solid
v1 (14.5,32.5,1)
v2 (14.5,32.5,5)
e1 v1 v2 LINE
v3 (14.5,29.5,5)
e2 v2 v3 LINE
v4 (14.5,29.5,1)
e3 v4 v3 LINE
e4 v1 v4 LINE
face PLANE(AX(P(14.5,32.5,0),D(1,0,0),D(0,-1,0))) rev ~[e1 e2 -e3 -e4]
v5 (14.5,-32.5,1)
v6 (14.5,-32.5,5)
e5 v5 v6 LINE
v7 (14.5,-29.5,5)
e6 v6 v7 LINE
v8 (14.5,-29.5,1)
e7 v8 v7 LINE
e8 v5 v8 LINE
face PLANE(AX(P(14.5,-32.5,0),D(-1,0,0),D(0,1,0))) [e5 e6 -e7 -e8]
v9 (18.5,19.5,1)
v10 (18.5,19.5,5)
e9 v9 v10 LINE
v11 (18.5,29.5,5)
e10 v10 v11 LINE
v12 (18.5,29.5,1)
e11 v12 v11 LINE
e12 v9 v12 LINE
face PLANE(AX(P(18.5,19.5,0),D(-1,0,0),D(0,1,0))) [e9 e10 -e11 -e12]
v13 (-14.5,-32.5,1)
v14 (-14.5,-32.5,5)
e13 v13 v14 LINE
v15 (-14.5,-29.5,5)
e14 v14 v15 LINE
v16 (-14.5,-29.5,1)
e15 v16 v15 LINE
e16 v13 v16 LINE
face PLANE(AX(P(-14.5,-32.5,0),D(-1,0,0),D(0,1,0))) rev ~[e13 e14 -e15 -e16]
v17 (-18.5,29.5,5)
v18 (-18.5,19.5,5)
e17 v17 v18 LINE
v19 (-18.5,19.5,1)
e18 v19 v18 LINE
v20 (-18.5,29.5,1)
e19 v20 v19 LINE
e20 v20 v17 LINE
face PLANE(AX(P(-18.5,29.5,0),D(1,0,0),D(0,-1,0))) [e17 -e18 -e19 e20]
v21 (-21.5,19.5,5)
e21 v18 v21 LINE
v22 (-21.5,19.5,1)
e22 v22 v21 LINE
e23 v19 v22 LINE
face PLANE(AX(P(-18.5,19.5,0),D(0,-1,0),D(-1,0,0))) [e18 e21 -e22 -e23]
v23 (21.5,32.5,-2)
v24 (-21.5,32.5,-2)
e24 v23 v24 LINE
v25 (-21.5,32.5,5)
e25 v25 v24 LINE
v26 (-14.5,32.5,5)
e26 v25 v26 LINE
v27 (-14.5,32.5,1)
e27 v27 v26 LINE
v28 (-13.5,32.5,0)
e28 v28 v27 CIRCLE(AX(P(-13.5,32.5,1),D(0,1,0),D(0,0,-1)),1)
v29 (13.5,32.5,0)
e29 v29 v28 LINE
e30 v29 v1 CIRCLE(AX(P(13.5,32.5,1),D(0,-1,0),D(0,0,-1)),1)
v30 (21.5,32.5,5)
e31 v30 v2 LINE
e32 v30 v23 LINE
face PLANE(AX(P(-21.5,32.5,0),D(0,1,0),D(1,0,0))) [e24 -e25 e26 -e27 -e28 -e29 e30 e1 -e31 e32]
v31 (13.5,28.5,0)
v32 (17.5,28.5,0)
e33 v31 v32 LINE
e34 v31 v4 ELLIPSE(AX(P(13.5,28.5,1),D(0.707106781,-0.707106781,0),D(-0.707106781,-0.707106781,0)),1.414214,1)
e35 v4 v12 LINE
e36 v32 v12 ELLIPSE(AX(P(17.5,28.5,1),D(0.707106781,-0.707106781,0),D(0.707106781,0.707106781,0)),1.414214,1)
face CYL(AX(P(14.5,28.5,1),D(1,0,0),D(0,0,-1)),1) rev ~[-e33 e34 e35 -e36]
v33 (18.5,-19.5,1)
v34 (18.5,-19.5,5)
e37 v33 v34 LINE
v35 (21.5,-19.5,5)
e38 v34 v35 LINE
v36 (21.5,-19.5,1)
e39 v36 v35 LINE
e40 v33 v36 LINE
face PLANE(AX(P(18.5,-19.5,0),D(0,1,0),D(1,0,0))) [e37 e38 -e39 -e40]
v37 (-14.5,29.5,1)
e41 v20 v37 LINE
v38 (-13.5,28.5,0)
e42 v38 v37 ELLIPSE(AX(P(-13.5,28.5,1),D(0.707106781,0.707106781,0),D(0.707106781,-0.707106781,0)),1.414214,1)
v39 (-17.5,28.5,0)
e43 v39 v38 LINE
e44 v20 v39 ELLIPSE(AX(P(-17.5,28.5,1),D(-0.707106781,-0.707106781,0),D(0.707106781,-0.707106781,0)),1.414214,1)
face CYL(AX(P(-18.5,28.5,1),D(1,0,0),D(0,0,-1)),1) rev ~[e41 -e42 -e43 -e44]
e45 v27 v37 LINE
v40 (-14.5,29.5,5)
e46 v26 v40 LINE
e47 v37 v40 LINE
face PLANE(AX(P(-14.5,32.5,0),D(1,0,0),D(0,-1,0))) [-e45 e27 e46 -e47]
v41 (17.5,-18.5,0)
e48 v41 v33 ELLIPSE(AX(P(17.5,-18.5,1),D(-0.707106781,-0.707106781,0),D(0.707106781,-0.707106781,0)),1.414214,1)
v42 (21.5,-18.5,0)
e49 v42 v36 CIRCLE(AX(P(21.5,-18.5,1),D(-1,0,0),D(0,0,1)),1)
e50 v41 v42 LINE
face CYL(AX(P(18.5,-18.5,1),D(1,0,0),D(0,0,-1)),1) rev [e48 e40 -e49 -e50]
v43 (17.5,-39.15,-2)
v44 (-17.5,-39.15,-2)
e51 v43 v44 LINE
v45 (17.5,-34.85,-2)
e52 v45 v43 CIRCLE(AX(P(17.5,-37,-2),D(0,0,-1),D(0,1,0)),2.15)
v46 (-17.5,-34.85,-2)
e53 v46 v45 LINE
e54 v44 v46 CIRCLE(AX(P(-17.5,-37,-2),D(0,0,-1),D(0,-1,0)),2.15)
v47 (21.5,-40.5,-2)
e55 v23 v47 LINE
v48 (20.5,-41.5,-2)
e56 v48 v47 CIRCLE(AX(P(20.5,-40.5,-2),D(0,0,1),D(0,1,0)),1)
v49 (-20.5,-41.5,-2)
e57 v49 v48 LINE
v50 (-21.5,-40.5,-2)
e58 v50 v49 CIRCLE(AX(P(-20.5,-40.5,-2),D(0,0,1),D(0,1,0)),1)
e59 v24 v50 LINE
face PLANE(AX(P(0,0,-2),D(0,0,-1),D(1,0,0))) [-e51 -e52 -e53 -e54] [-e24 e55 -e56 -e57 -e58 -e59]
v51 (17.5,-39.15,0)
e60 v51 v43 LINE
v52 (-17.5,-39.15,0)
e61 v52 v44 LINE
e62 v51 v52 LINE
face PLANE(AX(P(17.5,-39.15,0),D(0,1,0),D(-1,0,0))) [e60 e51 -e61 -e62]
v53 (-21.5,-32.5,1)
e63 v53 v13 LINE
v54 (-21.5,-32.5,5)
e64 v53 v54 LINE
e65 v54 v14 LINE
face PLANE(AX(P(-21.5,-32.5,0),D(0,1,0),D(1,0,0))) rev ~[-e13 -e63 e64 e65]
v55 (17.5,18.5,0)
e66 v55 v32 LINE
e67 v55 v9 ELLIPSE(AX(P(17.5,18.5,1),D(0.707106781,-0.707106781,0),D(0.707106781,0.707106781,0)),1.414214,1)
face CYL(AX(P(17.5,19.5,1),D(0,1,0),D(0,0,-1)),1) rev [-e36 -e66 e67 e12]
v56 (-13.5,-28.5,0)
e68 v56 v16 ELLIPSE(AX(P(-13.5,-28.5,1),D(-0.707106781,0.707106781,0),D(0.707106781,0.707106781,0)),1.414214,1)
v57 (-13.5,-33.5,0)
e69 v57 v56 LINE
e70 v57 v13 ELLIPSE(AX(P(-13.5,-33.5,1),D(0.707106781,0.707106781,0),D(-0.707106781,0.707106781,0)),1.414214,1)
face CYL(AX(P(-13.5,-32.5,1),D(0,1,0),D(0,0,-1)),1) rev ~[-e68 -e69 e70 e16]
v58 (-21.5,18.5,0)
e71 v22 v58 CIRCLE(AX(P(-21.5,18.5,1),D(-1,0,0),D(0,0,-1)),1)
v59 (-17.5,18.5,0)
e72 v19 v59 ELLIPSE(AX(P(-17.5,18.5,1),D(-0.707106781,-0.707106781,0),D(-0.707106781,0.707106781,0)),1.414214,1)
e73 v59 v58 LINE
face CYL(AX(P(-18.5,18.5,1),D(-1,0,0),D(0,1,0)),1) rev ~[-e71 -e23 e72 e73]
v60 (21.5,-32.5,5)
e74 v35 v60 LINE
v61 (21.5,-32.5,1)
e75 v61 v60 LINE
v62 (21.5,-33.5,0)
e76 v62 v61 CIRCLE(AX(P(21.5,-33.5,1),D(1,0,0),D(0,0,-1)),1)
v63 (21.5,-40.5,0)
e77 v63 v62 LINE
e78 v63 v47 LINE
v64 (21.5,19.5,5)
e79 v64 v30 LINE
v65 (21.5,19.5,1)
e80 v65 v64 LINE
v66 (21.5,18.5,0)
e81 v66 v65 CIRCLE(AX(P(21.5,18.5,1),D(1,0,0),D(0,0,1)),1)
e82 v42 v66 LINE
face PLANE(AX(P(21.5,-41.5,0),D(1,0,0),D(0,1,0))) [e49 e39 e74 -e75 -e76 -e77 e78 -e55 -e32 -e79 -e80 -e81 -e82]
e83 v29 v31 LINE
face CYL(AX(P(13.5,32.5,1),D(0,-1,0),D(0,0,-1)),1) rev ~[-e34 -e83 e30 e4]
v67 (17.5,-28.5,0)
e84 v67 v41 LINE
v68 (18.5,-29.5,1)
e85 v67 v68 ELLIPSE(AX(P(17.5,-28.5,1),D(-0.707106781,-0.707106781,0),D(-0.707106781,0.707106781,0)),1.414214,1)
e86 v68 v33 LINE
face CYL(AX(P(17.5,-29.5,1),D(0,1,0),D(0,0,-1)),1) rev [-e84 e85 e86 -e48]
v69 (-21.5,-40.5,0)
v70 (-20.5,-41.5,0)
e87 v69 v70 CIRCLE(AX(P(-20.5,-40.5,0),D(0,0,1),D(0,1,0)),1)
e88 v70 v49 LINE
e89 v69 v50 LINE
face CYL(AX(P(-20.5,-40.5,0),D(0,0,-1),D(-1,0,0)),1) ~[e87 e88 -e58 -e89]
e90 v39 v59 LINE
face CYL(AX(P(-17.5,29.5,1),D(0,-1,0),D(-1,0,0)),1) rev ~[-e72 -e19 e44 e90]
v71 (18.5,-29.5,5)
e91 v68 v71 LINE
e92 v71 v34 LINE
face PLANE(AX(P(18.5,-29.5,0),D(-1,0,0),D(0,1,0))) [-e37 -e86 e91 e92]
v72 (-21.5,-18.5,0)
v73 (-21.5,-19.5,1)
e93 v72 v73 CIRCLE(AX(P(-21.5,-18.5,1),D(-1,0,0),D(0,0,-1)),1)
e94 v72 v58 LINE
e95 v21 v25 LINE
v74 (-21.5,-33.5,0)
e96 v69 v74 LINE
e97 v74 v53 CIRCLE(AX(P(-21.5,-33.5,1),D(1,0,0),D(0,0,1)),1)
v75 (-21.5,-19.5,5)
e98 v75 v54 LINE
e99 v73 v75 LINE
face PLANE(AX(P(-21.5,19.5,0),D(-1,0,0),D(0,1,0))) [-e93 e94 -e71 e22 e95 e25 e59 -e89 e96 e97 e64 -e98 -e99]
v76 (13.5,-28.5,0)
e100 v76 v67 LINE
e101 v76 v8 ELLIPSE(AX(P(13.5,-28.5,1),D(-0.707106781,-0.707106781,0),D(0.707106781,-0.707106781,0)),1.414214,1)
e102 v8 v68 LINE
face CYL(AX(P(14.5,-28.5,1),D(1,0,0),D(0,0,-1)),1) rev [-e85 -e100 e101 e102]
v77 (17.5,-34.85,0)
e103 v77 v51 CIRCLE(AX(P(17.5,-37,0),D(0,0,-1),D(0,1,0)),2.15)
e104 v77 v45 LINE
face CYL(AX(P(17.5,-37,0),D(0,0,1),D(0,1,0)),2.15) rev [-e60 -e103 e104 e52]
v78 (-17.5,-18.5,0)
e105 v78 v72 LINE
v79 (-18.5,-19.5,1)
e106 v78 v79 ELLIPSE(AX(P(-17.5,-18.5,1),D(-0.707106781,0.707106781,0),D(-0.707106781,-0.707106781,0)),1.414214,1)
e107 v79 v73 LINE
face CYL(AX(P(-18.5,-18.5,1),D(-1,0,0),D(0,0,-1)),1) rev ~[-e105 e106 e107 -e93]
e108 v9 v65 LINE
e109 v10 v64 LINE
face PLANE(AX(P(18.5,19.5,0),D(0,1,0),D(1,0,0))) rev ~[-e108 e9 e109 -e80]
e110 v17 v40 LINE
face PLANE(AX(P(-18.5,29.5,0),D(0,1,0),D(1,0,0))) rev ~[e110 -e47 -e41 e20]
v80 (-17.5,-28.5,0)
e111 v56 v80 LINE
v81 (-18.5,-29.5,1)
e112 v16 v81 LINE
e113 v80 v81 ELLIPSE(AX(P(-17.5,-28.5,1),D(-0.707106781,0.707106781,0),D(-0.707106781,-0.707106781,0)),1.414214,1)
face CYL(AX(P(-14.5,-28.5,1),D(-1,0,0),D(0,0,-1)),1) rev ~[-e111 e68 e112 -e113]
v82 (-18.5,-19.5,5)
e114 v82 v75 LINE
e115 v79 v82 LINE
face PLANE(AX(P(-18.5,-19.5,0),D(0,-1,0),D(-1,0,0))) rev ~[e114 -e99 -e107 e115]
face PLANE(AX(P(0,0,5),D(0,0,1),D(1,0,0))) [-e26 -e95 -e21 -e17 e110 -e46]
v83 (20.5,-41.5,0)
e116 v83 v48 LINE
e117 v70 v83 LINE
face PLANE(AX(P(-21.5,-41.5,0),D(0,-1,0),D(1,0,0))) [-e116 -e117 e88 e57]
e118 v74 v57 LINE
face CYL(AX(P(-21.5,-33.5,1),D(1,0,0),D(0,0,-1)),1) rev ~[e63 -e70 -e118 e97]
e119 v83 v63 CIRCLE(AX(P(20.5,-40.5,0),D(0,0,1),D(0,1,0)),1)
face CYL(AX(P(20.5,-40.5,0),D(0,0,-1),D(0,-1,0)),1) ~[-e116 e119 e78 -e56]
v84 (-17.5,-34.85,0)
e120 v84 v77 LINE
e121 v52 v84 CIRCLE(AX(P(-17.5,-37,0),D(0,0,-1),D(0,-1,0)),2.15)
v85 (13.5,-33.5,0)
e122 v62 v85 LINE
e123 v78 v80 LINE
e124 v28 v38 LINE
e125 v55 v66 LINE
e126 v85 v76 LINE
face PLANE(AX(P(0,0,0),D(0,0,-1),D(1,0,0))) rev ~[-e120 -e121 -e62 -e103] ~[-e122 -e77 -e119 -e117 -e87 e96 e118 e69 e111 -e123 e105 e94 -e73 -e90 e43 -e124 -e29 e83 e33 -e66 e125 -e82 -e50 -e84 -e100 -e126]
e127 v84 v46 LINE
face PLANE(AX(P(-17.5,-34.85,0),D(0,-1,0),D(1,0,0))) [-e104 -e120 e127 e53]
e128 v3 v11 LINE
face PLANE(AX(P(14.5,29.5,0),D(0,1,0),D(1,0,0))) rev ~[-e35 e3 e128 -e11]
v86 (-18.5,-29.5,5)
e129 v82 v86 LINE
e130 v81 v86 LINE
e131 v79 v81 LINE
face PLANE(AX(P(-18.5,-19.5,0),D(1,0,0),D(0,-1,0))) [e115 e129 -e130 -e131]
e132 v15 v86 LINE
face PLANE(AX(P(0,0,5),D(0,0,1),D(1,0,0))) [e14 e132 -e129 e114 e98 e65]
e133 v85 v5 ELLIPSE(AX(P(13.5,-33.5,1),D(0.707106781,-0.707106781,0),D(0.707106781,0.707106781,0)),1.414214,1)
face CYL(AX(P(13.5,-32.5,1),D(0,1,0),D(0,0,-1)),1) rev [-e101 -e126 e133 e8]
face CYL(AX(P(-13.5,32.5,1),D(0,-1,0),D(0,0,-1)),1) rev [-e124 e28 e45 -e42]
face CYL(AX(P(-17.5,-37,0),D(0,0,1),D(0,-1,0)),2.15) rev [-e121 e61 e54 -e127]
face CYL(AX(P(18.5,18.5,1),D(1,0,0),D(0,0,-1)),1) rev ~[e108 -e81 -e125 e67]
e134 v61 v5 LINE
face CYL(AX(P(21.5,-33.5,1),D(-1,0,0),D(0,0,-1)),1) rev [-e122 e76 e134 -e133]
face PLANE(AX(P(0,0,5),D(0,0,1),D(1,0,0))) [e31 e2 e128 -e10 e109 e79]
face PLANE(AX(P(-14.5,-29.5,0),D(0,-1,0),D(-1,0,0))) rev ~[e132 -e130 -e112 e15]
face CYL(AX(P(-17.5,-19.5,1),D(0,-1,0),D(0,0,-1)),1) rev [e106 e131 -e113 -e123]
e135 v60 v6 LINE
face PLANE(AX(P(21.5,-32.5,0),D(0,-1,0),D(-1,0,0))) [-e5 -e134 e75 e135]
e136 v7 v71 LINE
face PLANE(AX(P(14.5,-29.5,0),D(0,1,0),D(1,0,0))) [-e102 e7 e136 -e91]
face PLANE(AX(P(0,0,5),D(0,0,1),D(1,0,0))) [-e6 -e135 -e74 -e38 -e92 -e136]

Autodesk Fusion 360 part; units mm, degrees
sketch "Sketch1" plane through (0, 0, 0) normal (0, 0, 1) x (1, 0, 0)
  line L0 (18.5, 29.5) -> (-18.5, 29.5) construction
  line L1 (-18.5, 29.5) -> (-18.5, -29.5) construction
  line L2 (-18.5, -29.5) -> (18.5, -29.5) construction
  line L3 (18.5, -29.5) -> (18.5, 29.5) construction
  line L4 (18.5, 29.5) -> (-18.5, -29.5) construction
  line L5 (-18.5, 29.5) -> (18.5, -29.5) construction
  line L6 (-18.5, 19.5) -> (-21.5, 19.5)
  line L7 (-21.5, 19.5) -> (-21.5, 32.5)
  line L8 (-21.5, 32.5) -> (-14.5, 32.5)
  line L9 (-14.5, 32.5) -> (-14.5, 29.5)
  line L10 (0, 29.5) -> (0, -29.5) construction
  line L11 (21.5, 32.5) -> (14.5, 32.5)
  line L12 (21.5, 19.5) -> (21.5, 32.5)
  line L13 (18.5, 19.5) -> (21.5, 19.5)
  line L14 (14.5, 32.5) -> (14.5, 29.5)
  line L15 (-18.5, 0) -> (18.5, 0) construction
  line L16 (-18.5, -19.5) -> (-21.5, -19.5)
  line L17 (-21.5, -19.5) -> (-21.5, -32.5)
  line L18 (-21.5, -32.5) -> (-14.5, -32.5)
  line L19 (-14.5, -32.5) -> (-14.5, -29.5)
  line L20 (21.5, -32.5) -> (14.5, -32.5)
  line L21 (14.5, -32.5) -> (14.5, -29.5)
  line L22 (21.5, -19.5) -> (21.5, -32.5)
  line L23 (18.5, -19.5) -> (21.5, -19.5)
  line L24 (14.5, 29.5) -> (18.5, 29.5)
  line L25 (18.5, 19.5) -> (18.5, 29.5)
  line L26 (-18.5, 29.5) -> (-18.5, 19.5)
  line L27 (-18.5, 29.5) -> (-14.5, 29.5)
  line L28 (-18.5, -19.5) -> (-18.5, -29.5)
  line L29 (-14.5, -29.5) -> (-18.5, -29.5)
  line L30 (14.5, -29.5) -> (18.5, -29.5)
  line L31 (18.5, -29.5) -> (18.5, -19.5)
  dimension "d1" = 59
  dimension "d2" = 37
  dimension "d3" = 13
  dimension "d4" = 3
  dimension "d5" = 4
  dimension "d6" = 3
extrude "Extrude1" add sketch "Sketch1" along normal blind 5 makes body 1 at (-21.5, 23.8333, 1.6667) makes body 2 at (-21.5, -23.8333, 1.6667) makes body 3 at (21.5, 23.8333, 1.6667) makes body 4 at (21.5, -23.8333, 1.6667)
sketch "Sketch2" plane through (0, 0, 0) normal (0, 0, -1) x (1, 0, 0)
  line L0 (-21.5, 19.5) -> (-18.5, 19.5)
  line L1 (-18.5, 19.5) -> (-18.5, 29.5)
  line L2 (-18.5, 29.5) -> (-14.5, 29.5)
  line L3 (-14.5, 29.5) -> (-14.5, 32.5)
  line L4 (-14.5, 32.5) -> (-21.5, 32.5)
  line L5 (-21.5, 32.5) -> (-21.5, 19.5)
  line L6 (-21.5, 32.5) -> (21.5, 32.5) construction
  line L7 (21.5, 32.5) -> (21.5, -32.5)
  line L8 (21.5, -32.5) -> (-21.5, -32.5)
  line L9 (-21.5, -32.5) -> (-21.5, 32.5)
  line L10 (5, 32.5) -> (-5, 32.5) construction
  line L11 (0, -32.5) -> (0, 32.5) construction
  line L12 (21.5, 32.5) -> (-21.5, 32.5)
  line L13 (-21.5, 32.5) -> (-21.5, 41.5)
  line L14 (-21.5, 41.5) -> (21.5, 41.5)
  line L15 (21.5, 41.5) -> (21.5, 32.5)
  line L16 (21.5, 37) -> (-21.5, 37) construction
  line L17 (0, 32.5) -> (0, 41.5) construction
  line L18 (17.5, 39.15) -> (-17.5, 39.15)
  arc A0 (-17.5, 39.15) -> (-17.5, 34.85) centre (-17.5, 37) ccw
  line L19 (-17.5, 34.85) -> (17.5, 34.85)
  arc A1 (17.5, 34.85) -> (17.5, 39.15) centre (17.5, 37) ccw
  line L20 (17.5, 37) -> (-17.5, 37) construction
  point P0 (0, 37)
  dimension "d9" = 10
  dimension "d10" = 9
  dimension "d11" = 35
  dimension "d12" = 4.3
extrude "Extrude2" add sketch "Sketch2" along normal blind 2 bodies 1 2 3 4
fillet "Fillet1" radius 1 16 edges at (-20, 19.5, 0) (-18.5, 24.5, 0) (-16.5, 29.5, 0) (-14.5, 31, 0) (14.5, 31, 0) (16.5, 29.5, 0) (18.5, 24.5, 0) (20, 19.5, 0) (20, -19.5, 0) (18.5, -24.5, 0) (16.5, -29.5, 0) (14.5, -31, 0) (-14.5, -31, 0) (-16.5, -29.5, 0) (-18.5, -24.5, 0) (-20, -19.5, 0) on bodies 1
fillet "Fillet1" radius 1 4 edges at (-21.5, -41.5, -1) (21.5, -41.5, -1) (18, -32.5, 0) (-18, -32.5, 0) on bodies 1
